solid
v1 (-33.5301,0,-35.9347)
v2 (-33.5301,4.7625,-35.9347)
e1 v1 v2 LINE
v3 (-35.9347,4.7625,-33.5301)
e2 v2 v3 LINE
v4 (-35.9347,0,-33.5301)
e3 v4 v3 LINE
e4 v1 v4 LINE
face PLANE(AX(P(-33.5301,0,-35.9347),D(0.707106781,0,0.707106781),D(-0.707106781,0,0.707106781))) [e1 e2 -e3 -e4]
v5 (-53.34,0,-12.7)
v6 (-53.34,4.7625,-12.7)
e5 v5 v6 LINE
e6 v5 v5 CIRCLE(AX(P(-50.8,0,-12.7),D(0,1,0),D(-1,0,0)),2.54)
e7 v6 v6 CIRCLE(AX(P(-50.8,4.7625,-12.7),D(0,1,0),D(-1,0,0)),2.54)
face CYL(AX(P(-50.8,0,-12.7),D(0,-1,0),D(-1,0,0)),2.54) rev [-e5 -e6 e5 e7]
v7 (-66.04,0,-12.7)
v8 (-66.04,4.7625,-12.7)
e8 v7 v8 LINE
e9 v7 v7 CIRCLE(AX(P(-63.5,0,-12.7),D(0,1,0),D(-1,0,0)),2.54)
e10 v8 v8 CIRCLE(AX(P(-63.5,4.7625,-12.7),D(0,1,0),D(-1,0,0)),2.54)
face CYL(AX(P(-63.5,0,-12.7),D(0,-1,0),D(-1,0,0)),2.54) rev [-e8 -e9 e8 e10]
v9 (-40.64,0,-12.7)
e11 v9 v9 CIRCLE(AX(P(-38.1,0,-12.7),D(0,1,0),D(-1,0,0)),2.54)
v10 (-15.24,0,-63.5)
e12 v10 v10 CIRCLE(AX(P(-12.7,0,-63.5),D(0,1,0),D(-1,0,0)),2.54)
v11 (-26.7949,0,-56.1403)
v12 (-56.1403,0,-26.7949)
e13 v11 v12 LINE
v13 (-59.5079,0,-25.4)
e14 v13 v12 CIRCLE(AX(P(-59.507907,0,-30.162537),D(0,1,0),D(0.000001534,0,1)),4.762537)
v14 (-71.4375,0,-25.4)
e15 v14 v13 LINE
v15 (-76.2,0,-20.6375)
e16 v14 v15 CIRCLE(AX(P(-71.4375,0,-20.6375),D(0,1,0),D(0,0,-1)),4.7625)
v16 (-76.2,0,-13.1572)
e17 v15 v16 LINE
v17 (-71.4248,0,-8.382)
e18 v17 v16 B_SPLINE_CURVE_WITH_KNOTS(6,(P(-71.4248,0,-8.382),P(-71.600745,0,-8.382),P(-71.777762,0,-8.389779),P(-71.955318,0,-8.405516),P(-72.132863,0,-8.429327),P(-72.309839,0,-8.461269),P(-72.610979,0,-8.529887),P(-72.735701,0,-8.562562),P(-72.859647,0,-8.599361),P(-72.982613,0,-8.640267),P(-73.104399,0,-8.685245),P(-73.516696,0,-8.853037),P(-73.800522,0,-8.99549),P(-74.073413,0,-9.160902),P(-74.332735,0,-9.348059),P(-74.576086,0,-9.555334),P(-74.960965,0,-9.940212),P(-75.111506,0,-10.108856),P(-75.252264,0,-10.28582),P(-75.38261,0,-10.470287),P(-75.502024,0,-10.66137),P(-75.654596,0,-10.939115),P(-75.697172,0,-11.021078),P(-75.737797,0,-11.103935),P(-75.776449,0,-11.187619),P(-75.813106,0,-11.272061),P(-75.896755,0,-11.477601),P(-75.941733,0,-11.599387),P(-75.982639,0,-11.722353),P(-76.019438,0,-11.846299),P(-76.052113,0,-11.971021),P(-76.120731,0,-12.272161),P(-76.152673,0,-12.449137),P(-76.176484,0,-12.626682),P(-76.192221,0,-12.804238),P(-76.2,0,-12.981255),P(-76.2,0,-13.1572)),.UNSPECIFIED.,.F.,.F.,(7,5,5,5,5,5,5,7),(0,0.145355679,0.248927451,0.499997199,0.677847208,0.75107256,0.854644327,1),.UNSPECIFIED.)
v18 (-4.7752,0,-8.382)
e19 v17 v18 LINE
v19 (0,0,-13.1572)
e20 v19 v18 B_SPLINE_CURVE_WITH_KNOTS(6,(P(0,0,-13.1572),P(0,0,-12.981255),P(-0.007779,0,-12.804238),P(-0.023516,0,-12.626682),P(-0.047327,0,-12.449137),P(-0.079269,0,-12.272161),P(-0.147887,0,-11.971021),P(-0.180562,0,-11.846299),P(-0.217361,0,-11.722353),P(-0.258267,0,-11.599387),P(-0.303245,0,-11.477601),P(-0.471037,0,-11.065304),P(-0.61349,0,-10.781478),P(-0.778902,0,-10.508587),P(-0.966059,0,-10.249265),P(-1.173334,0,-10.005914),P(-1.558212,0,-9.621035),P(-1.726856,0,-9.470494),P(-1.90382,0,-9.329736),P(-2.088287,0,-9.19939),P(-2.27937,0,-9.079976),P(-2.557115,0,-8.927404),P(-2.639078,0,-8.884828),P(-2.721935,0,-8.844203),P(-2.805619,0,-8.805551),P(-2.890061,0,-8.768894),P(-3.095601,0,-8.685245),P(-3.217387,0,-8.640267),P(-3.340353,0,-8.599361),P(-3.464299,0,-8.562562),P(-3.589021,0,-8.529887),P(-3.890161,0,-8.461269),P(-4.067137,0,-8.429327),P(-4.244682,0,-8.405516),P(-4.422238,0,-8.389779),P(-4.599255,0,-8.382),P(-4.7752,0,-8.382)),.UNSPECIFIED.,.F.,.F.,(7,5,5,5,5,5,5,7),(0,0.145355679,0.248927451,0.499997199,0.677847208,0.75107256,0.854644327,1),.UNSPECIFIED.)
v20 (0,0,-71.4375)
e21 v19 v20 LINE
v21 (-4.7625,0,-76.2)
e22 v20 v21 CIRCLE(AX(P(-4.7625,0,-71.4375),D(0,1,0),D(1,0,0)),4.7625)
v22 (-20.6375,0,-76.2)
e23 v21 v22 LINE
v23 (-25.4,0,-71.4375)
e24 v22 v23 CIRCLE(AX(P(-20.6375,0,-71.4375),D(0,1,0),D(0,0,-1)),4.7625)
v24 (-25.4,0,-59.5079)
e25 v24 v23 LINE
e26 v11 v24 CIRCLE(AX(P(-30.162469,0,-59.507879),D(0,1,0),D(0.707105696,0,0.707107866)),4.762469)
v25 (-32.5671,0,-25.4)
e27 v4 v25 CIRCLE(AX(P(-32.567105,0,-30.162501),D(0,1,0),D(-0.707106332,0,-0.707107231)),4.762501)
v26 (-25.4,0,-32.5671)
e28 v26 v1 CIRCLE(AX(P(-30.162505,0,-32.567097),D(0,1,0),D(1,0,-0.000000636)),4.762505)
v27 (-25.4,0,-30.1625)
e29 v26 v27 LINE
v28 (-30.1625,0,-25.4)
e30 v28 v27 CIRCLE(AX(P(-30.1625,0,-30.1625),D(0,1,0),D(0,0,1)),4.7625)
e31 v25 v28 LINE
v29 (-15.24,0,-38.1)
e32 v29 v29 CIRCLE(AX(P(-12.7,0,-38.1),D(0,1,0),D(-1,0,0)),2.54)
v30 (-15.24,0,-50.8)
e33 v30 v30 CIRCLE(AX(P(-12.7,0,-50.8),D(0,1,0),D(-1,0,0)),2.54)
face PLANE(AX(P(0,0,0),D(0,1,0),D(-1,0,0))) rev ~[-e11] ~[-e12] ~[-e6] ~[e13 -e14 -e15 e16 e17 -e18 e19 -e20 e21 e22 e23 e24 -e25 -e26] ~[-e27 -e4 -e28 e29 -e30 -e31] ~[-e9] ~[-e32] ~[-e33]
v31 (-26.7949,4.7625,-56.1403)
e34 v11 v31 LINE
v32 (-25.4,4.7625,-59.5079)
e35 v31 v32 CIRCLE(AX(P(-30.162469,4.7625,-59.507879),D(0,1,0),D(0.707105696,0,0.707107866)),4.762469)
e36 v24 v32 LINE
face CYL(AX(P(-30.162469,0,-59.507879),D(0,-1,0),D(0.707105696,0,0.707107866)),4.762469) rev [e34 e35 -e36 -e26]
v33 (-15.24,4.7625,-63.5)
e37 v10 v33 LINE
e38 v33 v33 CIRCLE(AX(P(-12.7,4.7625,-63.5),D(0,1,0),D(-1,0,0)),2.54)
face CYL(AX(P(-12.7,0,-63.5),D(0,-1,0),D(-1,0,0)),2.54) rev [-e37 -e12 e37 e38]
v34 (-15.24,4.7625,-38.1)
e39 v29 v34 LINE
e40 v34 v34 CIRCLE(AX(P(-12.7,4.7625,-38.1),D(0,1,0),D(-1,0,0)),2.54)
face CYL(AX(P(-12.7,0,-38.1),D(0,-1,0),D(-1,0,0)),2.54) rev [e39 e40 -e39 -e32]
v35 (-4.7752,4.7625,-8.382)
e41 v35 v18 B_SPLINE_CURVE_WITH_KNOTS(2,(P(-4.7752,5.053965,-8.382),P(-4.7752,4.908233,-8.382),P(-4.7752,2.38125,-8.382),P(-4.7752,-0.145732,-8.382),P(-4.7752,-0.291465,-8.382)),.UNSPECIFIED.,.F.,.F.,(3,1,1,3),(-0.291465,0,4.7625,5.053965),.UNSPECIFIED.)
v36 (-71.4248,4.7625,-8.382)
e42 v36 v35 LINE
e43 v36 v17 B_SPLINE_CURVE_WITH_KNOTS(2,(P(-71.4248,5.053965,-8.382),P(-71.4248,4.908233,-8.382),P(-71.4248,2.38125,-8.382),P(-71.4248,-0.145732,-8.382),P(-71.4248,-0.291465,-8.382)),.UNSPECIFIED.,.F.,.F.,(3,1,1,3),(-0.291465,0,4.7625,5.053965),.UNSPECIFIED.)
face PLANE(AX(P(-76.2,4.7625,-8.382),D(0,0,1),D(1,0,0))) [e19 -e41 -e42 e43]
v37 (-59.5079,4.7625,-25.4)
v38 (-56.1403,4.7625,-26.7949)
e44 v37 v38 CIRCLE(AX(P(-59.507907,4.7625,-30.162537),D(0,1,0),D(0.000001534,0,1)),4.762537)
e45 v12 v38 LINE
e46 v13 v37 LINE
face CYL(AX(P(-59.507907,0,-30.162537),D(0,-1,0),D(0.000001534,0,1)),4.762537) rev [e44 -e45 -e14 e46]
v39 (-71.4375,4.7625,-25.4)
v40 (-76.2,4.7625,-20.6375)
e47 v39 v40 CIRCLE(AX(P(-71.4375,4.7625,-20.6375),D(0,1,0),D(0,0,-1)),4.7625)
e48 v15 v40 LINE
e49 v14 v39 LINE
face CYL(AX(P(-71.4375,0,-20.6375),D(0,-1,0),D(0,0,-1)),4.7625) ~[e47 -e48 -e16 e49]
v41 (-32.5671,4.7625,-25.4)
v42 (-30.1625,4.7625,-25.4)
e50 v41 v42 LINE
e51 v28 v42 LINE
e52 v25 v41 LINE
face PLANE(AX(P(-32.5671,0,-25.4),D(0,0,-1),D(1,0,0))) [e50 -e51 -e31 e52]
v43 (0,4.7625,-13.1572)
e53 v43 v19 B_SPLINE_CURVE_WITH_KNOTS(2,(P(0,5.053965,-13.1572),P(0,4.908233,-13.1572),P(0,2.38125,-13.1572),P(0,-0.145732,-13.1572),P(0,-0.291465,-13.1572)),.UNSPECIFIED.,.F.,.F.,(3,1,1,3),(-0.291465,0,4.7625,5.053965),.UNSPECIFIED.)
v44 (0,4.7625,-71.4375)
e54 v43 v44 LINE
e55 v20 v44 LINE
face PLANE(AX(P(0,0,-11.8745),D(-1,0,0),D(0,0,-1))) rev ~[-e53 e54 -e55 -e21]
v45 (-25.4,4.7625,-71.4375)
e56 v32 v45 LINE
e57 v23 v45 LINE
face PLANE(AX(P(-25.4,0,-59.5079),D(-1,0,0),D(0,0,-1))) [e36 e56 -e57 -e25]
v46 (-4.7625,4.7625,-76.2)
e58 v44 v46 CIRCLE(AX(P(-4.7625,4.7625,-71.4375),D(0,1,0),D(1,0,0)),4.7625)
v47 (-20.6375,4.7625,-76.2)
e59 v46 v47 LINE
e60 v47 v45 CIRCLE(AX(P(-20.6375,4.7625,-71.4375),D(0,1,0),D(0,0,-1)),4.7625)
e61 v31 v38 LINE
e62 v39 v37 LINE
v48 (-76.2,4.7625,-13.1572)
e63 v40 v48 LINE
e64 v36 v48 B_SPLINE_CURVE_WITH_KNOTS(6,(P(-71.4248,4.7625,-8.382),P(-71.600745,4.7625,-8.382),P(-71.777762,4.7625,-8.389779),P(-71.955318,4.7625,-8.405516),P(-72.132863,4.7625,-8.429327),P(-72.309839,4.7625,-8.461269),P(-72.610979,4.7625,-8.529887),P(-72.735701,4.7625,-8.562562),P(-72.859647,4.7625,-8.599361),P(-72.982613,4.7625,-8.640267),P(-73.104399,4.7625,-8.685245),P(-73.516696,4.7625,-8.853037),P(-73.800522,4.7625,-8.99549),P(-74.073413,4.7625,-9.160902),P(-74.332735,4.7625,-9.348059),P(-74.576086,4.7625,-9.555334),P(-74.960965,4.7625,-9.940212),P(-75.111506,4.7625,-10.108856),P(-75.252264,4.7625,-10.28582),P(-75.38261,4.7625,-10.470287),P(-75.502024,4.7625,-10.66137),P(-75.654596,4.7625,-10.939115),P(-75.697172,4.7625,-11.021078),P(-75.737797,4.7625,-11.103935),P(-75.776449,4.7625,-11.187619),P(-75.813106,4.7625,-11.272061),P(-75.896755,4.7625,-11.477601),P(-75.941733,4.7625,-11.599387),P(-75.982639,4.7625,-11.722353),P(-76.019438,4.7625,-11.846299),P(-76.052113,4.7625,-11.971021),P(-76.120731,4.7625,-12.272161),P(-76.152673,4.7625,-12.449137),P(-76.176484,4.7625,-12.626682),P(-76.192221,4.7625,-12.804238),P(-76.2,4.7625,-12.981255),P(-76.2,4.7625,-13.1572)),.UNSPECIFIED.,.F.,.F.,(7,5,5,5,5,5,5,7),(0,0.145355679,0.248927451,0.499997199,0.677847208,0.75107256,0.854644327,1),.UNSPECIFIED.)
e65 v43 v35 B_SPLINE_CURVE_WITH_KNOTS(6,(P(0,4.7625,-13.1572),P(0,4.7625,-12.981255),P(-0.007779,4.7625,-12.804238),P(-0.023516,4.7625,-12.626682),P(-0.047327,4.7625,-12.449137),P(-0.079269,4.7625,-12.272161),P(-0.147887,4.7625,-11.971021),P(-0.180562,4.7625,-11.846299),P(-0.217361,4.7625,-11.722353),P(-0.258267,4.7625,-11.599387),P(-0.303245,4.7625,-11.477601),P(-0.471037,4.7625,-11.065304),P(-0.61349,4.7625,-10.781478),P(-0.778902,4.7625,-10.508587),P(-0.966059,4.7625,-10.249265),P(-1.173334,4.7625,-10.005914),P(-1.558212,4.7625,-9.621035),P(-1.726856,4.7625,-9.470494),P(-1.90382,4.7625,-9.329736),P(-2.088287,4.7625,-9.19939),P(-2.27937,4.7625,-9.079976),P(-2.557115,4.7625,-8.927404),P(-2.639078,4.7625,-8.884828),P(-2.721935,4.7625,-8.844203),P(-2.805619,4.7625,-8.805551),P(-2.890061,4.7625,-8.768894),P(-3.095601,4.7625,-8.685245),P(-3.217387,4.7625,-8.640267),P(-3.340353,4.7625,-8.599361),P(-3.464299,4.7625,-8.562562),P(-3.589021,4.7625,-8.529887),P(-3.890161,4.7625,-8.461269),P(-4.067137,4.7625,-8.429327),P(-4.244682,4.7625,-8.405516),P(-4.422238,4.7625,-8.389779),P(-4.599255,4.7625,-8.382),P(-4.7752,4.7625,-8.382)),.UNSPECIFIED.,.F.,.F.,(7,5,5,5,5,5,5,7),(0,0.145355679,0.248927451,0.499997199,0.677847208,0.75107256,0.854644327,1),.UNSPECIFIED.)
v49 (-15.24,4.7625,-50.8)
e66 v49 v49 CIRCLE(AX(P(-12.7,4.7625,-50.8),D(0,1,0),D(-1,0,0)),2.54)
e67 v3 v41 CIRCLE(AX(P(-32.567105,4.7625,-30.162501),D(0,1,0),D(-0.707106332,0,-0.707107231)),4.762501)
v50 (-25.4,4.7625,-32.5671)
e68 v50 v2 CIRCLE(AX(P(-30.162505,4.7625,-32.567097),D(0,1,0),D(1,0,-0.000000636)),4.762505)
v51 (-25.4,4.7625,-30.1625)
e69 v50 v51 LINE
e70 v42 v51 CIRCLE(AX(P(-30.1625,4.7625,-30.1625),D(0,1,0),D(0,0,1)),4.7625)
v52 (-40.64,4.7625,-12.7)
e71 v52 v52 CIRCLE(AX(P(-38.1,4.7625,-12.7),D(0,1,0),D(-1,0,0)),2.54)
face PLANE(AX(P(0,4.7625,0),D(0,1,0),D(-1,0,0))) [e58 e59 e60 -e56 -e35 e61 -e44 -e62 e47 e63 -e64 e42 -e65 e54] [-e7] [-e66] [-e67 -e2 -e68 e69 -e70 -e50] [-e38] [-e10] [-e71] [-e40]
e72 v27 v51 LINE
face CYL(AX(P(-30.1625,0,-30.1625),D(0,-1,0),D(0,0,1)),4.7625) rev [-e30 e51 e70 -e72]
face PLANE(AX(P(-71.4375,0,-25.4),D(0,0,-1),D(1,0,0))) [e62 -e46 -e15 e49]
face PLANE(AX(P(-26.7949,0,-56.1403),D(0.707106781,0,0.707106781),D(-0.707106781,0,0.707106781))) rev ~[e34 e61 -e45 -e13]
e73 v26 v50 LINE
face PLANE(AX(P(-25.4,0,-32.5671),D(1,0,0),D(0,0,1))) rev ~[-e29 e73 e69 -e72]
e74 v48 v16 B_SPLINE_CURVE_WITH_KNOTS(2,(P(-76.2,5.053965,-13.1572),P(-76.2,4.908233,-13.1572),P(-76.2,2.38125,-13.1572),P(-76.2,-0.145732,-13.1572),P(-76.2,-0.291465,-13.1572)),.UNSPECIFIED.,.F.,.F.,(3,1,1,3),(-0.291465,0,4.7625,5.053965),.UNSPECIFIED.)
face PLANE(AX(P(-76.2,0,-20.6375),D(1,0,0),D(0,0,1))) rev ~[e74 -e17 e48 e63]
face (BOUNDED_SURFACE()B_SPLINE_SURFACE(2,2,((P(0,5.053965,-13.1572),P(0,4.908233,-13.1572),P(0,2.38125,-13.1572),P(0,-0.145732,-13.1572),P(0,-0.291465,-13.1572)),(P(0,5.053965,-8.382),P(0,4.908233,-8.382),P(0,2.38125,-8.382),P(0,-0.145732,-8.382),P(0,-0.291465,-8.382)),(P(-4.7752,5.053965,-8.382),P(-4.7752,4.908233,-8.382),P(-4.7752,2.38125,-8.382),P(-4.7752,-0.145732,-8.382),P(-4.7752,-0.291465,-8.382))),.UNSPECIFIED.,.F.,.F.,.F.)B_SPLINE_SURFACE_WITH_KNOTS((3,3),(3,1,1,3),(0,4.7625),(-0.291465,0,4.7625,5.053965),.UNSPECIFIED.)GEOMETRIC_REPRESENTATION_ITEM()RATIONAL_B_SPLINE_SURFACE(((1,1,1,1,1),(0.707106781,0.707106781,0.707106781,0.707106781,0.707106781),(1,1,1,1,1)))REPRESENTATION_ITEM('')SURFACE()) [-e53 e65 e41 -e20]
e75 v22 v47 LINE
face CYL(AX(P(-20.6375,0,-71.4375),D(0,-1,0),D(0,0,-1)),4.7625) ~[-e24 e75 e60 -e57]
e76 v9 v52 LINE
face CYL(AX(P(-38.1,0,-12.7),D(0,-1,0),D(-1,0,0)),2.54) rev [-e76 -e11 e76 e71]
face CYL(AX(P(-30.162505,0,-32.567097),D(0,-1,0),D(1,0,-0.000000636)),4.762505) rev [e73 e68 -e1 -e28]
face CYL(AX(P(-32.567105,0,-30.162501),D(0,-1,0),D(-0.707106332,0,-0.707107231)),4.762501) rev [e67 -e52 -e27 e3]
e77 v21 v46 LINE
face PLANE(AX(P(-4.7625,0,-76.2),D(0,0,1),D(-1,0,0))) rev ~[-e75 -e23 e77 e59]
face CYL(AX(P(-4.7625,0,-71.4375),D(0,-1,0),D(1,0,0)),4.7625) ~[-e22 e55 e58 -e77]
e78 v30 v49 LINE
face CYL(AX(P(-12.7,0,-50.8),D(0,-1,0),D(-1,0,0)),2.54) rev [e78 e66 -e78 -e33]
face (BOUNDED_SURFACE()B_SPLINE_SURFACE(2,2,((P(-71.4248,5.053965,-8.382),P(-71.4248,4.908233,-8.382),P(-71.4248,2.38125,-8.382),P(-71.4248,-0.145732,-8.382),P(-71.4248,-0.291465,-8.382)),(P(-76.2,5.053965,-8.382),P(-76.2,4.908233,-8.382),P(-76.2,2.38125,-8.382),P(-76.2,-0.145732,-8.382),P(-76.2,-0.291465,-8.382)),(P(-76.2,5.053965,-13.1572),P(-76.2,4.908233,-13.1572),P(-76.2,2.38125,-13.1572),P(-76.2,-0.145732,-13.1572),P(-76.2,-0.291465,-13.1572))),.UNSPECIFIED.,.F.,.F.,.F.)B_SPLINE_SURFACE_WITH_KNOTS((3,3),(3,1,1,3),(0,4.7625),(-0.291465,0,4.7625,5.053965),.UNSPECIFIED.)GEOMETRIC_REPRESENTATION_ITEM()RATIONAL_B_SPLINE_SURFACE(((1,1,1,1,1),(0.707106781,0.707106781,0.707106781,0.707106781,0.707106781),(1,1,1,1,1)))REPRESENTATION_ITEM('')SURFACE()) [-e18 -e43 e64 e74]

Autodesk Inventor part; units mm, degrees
ref_plane "YZ Plane" through (0, 0, 0) normal (1, 0, 0) x (0, 1, 0)
ref_plane "XZ Plane" through (0, 0, 0) normal (0, 1, 0) x (-1, 0, 0)
ref_plane "XY Plane" through (0, 0, 0) normal (0, 0, 1) x (1, 0, 0)
sketch "Sketch1" plane through (0, 0, 0) normal (0, 1, 0) x (-1, 0, 0)
  line L0 (0, -11.8745) -> (0, -71.4375)
  line L1 (4.7625, -76.2) -> (20.6375, -76.2)
  line L2 (76.2, -20.6375) -> (76.2, -11.8745)
  line L3 (71.4375, -7.112) -> (4.7625, -7.112)
  circle A0 centre (12.7, -38.1) radius 2.54
  arc A1 (4.7625, -7.112) -> (0, -11.8745) centre (4.7625, -11.8745) ccw
  circle A2 centre (12.7, -50.8) radius 2.54
  circle A3 centre (12.7, -63.5) radius 2.54
  circle A4 centre (38.1, -12.7) radius 2.54
  circle A5 centre (50.8, -12.7) radius 2.54
  circle A6 centre (63.5, -12.7) radius 2.54
  line L4 (14.4961, -61.7039) -> (61.7039, -14.4961) construction
  line L5 (26.7949, -56.1403) -> (56.1403, -26.7949)
  line L6 (33.5301, -35.9347) -> (35.9347, -33.5301)
  line L7 (25.4, -76.2) -> (25.4, -25.4) construction
  line L8 (76.2, -25.4) -> (25.4, -25.4) construction
  line L9 (25.4, -59.5079) -> (25.4, -71.4375)
  line L10 (71.4375, -25.4) -> (59.5079, -25.4)
  arc A7 (71.4375, -25.4) -> (76.2, -20.6375) centre (71.4375, -20.6375) ccw
  arc A8 (76.2, -11.8745) -> (71.4375, -7.112) centre (71.4375, -11.8745) ccw
  arc A9 (20.6375, -76.2) -> (25.4, -71.4375) centre (20.6375, -71.4375) ccw
  arc A10 (0, -71.4375) -> (4.7625, -76.2) centre (4.7625, -71.4375) ccw
  line L11 (32.5671, -25.4) -> (30.1625, -25.4)
  line L12 (25.4, -32.5671) -> (25.4, -30.1625)
  arc A11 (59.5079, -25.4) -> (56.1403, -26.7949) centre (59.5079, -30.1625) ccw
  arc A12 (26.7949, -56.1403) -> (25.4, -59.5079) centre (30.1625, -59.5079) ccw
  arc A13 (35.9347, -33.5301) -> (32.5671, -25.4) centre (32.5671, -30.1625) ccw
  arc A14 (25.4, -32.5671) -> (33.5301, -35.9347) centre (30.1625, -32.5671) ccw
  arc A15 (30.1625, -25.4) -> (25.4, -30.1625) centre (30.1625, -30.1625) ccw
  point P0 (0, 0)
  point P1 (0, -76.2)
  point P2 (25.4, -57.5352)
  point P3 (57.5352, -25.4)
  point P4 (25.4, -44.0648)
  point P5 (44.0648, -25.4)
  dimension "d2" = 76.2
  dimension "d4" = 5.08
  dimension "d5" = 4.7625
  dimension "d7" = 12.7
  dimension "d8" = 12.7
  dimension "d9" = 12.7
  dimension "d10" = 5.08
  dimension "d11" = 12.7
  dimension "d12" = 12.7
  dimension "d13" = 38.1
  dimension "d18" = 25.4
  dimension "d20" = 4.7625
  dimension "d21" = 4.7625
  dimension "d22" = 4.7625
  dimension "d23" = 4.7625
  dimension "d24" = 4.7625
  dimension "d29" = 18.288
  dimension "d30" = 25.4
  dimension "d31" = 76.2
  dimension "d32" = 12.7
  dimension "d33" = 38.1
extrude "Extrusion1" add sketch "Sketch1" along normal blind 4.7625
sketch "Sketch2" plane through (0, 4.7625, 0) normal (0, 1, 0) x (1, 0, 0)
  line L0 (-71.4375, 7.112) -> (-4.7625, 7.112) projected
  line L1 (-76.2, 8.382) -> (0, 8.382)
  line L2 (-76.2, 20.6375) -> (-76.2, 11.8745) projected
  line L3 (0, 11.8745) -> (0, 71.4375) projected
  line L4 (-4.7625, 7.112) -> (0, 7.112)
  line L5 (0, 7.112) -> (0, 8.382)
  line L6 (-76.2, 8.382) -> (-76.2, 7.112)
  line L7 (-76.2, 7.112) -> (-71.4375, 7.112)
  point P0 (0, 0)
  dimension "d34" = 1.27
extrude "Extrusion2" cut sketch "Sketch2" against normal through all
fillet "Fillet1" radius 4.7752 2 edges at (-74.6754, 2.3813, -8.382) (-1.5246, 2.3813, -8.382)
properties part number "ELEV_007_SUPBRK2" material "Aluminum 6061"
